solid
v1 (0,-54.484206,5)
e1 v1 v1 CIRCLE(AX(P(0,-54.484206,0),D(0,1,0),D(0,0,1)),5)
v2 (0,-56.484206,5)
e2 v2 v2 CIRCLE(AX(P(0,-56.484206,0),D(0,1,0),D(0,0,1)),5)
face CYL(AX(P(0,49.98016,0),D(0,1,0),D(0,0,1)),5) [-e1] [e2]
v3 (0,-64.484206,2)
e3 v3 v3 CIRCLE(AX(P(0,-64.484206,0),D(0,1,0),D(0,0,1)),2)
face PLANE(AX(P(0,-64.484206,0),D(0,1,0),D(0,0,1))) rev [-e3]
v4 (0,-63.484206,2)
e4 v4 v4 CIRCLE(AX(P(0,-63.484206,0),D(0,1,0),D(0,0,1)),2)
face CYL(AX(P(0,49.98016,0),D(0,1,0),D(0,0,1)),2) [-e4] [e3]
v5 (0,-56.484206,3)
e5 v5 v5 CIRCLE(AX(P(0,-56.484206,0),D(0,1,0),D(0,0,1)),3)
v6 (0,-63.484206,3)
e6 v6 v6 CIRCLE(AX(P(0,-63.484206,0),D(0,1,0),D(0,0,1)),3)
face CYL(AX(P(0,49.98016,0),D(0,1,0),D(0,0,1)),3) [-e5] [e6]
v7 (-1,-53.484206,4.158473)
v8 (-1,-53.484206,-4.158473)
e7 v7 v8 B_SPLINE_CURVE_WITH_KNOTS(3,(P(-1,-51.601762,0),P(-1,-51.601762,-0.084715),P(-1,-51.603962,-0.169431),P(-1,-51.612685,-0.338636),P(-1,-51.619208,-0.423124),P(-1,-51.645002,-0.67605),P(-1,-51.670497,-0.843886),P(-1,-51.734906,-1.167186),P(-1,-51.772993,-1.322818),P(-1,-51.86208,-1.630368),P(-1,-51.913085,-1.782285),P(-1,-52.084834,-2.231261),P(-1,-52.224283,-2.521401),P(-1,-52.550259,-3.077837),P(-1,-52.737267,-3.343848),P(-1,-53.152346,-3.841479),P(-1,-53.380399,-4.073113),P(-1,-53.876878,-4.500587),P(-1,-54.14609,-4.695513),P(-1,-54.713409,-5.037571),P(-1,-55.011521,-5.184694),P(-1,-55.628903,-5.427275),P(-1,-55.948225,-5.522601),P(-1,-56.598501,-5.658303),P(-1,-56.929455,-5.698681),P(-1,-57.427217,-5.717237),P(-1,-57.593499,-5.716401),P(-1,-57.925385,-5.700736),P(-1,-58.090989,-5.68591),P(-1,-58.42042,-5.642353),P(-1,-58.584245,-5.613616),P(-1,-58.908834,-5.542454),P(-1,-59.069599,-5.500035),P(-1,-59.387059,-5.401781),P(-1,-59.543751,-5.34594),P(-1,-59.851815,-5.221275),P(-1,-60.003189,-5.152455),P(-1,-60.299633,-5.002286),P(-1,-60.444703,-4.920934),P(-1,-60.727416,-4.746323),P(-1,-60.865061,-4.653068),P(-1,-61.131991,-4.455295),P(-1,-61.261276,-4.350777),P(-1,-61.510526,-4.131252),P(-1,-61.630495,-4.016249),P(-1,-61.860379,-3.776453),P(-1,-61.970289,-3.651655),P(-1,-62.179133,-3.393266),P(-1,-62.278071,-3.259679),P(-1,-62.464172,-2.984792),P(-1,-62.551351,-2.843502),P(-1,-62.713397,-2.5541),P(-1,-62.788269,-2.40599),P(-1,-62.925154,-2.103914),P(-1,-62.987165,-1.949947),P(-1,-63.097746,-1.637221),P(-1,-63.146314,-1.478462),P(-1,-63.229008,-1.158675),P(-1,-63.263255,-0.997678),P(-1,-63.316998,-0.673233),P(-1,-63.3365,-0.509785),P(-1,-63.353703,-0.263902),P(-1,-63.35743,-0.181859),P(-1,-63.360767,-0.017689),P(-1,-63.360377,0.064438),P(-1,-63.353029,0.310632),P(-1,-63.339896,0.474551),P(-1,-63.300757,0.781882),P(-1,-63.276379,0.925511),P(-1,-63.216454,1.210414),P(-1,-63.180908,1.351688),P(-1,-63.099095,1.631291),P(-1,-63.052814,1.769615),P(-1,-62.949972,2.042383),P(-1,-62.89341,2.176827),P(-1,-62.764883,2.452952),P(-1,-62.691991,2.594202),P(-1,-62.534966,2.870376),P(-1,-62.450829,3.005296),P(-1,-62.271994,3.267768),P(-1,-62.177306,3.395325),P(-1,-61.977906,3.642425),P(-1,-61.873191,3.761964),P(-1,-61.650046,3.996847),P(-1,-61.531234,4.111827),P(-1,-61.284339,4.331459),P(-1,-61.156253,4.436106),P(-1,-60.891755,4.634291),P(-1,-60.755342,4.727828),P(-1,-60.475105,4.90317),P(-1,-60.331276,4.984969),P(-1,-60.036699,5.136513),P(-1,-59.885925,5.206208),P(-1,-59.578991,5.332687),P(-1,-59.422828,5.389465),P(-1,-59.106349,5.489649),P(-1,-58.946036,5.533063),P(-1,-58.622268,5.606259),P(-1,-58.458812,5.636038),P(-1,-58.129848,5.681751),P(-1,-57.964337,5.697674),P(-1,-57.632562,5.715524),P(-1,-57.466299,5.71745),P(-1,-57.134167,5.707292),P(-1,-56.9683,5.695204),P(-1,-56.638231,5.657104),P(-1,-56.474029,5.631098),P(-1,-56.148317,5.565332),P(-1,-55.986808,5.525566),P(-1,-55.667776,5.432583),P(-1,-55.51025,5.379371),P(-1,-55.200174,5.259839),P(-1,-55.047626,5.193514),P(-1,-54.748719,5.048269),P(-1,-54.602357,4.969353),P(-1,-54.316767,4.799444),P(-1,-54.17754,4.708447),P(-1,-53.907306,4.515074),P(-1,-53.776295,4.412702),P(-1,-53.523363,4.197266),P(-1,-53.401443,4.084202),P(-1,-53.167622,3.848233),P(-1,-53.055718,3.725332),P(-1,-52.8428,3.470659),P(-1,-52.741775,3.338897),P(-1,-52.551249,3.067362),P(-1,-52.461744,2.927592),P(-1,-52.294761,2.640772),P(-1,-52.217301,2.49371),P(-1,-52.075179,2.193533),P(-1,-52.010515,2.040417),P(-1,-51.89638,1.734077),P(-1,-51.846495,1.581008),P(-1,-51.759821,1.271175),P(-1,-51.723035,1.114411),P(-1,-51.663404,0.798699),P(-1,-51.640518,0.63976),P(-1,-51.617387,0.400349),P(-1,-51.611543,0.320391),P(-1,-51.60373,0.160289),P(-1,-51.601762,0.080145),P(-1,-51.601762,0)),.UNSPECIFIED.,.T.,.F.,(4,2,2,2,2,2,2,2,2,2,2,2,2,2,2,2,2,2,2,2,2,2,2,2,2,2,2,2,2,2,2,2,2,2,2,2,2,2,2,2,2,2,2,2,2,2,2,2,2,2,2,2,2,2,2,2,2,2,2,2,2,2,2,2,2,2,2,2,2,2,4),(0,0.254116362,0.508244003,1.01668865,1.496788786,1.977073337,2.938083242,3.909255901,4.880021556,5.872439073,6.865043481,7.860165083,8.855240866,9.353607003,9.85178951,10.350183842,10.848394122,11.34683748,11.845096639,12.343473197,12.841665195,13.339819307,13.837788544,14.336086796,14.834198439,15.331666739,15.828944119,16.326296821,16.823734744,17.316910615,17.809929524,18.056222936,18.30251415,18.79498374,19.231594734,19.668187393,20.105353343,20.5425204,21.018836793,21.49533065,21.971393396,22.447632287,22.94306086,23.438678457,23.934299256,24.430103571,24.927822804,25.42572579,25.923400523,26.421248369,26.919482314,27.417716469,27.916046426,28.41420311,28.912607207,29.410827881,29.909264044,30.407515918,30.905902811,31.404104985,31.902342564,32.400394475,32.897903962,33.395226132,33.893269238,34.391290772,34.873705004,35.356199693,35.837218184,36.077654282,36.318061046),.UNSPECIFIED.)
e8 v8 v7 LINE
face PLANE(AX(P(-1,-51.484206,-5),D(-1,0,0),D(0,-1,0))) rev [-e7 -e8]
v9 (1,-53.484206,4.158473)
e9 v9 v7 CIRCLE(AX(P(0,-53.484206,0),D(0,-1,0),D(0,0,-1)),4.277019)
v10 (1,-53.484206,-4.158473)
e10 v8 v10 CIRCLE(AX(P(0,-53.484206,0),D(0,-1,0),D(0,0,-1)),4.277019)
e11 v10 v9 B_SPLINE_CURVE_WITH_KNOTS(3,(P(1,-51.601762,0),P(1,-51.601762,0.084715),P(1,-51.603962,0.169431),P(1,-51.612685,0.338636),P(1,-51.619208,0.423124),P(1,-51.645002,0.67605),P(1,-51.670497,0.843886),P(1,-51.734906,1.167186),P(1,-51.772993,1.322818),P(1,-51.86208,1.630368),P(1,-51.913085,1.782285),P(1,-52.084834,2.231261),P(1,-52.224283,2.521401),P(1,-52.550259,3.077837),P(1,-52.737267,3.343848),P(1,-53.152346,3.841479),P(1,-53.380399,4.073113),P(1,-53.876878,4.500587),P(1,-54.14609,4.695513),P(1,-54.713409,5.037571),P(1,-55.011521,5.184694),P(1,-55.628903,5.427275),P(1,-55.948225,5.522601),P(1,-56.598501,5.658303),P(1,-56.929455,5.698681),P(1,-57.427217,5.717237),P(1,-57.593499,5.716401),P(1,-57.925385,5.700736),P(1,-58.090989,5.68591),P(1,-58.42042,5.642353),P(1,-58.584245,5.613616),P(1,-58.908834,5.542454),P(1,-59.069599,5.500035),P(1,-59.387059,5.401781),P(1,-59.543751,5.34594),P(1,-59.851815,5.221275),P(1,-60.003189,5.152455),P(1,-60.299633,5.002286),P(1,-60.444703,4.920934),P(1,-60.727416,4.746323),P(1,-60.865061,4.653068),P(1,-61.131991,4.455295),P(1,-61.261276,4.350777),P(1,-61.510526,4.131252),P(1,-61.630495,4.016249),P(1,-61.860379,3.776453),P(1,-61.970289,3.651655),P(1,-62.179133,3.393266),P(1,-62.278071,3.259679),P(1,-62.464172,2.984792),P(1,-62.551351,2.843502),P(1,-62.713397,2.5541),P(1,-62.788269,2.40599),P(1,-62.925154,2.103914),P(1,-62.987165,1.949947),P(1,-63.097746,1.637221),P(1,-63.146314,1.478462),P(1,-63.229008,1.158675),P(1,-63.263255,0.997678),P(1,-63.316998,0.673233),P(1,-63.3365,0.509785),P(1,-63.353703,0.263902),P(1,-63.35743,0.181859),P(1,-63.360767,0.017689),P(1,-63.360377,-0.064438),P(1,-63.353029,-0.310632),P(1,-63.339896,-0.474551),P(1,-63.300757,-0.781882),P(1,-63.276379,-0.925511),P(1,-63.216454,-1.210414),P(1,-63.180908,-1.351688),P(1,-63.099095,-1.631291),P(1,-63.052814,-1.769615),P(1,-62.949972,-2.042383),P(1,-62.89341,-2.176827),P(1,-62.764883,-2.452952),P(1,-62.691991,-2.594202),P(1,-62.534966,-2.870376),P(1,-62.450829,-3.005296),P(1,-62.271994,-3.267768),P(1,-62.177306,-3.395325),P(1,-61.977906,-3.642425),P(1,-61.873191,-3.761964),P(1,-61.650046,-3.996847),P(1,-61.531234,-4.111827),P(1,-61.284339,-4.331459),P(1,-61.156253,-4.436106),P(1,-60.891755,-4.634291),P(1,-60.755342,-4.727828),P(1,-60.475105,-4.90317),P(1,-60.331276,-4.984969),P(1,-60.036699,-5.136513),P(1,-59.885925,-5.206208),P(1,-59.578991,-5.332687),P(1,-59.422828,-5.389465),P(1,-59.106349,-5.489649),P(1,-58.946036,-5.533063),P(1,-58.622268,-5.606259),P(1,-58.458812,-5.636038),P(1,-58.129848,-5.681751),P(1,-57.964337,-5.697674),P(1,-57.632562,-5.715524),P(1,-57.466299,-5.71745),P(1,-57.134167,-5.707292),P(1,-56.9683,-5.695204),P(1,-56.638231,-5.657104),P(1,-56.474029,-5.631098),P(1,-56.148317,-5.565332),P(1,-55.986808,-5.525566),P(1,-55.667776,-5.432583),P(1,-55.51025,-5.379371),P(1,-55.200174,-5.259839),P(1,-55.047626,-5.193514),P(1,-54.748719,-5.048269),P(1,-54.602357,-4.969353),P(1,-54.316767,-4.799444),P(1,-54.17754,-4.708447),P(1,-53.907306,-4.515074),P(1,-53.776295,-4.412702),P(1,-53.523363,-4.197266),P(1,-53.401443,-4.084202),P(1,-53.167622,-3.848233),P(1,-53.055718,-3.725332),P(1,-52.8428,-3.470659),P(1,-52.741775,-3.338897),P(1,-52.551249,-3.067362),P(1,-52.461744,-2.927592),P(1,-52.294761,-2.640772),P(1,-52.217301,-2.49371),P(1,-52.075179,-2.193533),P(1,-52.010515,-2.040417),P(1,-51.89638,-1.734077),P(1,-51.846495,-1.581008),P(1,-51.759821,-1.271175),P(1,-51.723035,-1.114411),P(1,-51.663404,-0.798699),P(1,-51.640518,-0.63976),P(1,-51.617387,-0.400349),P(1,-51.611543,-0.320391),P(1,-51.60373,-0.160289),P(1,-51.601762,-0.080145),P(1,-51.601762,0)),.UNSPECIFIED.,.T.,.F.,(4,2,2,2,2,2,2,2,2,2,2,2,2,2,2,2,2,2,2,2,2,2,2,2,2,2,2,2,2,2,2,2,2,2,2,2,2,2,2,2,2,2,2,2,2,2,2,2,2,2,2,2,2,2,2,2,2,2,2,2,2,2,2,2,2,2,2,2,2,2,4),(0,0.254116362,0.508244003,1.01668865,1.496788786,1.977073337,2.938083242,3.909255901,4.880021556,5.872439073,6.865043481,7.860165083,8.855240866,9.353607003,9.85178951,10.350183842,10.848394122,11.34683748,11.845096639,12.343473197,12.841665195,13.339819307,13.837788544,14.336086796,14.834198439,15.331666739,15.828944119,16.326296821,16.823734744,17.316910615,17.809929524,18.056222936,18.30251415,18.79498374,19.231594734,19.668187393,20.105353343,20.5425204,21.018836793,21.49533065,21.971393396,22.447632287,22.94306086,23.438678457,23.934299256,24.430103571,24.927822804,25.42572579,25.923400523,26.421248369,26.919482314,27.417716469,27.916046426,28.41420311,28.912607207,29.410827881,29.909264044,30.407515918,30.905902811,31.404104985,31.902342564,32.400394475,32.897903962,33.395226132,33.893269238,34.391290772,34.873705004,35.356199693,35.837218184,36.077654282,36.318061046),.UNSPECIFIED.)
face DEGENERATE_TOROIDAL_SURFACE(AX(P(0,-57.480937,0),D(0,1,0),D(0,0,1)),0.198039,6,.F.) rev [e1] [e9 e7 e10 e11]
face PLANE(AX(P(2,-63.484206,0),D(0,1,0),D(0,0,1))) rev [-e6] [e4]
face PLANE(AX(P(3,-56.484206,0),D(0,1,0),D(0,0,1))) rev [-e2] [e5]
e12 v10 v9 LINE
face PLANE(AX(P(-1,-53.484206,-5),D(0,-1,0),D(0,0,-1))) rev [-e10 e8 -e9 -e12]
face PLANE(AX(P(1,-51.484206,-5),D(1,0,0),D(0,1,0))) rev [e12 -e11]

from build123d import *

# Parameters (mm, degrees)
CUT_EXTRUDE1_DEPTH      = 65.870739766
CUT_EXTRUDE1_DEPTH_BACK = 65.870739766
SKETCH2_W               = 2
SKETCH2_H               = 2


with BuildPart() as part:
    # Sketch1 → Revolve2 (revolve)
    with BuildSketch(Plane.XY, mode=Mode.PRIVATE) as revolve2_sk:
        with BuildLine():
            Line((0, -64.484206406), (2, -64.484206406))
            Line((2, -64.484206406), (2, -63.484206406))
            Line((2, -63.484206406), (3, -63.484206406))
            Line((3, -63.484206406), (3, -56.484206406))
            Line((3, -56.484206406), (5, -56.484206406))
            Line((5, -56.484206406), (5, -54.484206406))
            ThreePointArc((5, -54.484206406), (2.888936029, -52.33597969), (0, -51.484206406))
            Line((0, -51.484206406), (0, -64.44100966))
            Line((0, -64.44100966), (0, -64.484206406))
        make_face()
    revolve(revolve2_sk.sketch.rotate(Axis((0, 49.98015998, 0), (0, -1, 0)), 90), axis=Axis((0, 49.98015998, 0), (0, -1, 0)))

    # Sketch2 → Cut-Extrude1 (cut, two sides: drawn at the far end of the back side and taken through both)
    with BuildSketch(Plane.XY.offset(-CUT_EXTRUDE1_DEPTH_BACK)):
        with Locations((0, -52.484206406)):
            Rectangle(SKETCH2_W, SKETCH2_H)
    extrude(amount=CUT_EXTRUDE1_DEPTH + CUT_EXTRUDE1_DEPTH_BACK, mode=Mode.SUBTRACT)


solid = part.part
